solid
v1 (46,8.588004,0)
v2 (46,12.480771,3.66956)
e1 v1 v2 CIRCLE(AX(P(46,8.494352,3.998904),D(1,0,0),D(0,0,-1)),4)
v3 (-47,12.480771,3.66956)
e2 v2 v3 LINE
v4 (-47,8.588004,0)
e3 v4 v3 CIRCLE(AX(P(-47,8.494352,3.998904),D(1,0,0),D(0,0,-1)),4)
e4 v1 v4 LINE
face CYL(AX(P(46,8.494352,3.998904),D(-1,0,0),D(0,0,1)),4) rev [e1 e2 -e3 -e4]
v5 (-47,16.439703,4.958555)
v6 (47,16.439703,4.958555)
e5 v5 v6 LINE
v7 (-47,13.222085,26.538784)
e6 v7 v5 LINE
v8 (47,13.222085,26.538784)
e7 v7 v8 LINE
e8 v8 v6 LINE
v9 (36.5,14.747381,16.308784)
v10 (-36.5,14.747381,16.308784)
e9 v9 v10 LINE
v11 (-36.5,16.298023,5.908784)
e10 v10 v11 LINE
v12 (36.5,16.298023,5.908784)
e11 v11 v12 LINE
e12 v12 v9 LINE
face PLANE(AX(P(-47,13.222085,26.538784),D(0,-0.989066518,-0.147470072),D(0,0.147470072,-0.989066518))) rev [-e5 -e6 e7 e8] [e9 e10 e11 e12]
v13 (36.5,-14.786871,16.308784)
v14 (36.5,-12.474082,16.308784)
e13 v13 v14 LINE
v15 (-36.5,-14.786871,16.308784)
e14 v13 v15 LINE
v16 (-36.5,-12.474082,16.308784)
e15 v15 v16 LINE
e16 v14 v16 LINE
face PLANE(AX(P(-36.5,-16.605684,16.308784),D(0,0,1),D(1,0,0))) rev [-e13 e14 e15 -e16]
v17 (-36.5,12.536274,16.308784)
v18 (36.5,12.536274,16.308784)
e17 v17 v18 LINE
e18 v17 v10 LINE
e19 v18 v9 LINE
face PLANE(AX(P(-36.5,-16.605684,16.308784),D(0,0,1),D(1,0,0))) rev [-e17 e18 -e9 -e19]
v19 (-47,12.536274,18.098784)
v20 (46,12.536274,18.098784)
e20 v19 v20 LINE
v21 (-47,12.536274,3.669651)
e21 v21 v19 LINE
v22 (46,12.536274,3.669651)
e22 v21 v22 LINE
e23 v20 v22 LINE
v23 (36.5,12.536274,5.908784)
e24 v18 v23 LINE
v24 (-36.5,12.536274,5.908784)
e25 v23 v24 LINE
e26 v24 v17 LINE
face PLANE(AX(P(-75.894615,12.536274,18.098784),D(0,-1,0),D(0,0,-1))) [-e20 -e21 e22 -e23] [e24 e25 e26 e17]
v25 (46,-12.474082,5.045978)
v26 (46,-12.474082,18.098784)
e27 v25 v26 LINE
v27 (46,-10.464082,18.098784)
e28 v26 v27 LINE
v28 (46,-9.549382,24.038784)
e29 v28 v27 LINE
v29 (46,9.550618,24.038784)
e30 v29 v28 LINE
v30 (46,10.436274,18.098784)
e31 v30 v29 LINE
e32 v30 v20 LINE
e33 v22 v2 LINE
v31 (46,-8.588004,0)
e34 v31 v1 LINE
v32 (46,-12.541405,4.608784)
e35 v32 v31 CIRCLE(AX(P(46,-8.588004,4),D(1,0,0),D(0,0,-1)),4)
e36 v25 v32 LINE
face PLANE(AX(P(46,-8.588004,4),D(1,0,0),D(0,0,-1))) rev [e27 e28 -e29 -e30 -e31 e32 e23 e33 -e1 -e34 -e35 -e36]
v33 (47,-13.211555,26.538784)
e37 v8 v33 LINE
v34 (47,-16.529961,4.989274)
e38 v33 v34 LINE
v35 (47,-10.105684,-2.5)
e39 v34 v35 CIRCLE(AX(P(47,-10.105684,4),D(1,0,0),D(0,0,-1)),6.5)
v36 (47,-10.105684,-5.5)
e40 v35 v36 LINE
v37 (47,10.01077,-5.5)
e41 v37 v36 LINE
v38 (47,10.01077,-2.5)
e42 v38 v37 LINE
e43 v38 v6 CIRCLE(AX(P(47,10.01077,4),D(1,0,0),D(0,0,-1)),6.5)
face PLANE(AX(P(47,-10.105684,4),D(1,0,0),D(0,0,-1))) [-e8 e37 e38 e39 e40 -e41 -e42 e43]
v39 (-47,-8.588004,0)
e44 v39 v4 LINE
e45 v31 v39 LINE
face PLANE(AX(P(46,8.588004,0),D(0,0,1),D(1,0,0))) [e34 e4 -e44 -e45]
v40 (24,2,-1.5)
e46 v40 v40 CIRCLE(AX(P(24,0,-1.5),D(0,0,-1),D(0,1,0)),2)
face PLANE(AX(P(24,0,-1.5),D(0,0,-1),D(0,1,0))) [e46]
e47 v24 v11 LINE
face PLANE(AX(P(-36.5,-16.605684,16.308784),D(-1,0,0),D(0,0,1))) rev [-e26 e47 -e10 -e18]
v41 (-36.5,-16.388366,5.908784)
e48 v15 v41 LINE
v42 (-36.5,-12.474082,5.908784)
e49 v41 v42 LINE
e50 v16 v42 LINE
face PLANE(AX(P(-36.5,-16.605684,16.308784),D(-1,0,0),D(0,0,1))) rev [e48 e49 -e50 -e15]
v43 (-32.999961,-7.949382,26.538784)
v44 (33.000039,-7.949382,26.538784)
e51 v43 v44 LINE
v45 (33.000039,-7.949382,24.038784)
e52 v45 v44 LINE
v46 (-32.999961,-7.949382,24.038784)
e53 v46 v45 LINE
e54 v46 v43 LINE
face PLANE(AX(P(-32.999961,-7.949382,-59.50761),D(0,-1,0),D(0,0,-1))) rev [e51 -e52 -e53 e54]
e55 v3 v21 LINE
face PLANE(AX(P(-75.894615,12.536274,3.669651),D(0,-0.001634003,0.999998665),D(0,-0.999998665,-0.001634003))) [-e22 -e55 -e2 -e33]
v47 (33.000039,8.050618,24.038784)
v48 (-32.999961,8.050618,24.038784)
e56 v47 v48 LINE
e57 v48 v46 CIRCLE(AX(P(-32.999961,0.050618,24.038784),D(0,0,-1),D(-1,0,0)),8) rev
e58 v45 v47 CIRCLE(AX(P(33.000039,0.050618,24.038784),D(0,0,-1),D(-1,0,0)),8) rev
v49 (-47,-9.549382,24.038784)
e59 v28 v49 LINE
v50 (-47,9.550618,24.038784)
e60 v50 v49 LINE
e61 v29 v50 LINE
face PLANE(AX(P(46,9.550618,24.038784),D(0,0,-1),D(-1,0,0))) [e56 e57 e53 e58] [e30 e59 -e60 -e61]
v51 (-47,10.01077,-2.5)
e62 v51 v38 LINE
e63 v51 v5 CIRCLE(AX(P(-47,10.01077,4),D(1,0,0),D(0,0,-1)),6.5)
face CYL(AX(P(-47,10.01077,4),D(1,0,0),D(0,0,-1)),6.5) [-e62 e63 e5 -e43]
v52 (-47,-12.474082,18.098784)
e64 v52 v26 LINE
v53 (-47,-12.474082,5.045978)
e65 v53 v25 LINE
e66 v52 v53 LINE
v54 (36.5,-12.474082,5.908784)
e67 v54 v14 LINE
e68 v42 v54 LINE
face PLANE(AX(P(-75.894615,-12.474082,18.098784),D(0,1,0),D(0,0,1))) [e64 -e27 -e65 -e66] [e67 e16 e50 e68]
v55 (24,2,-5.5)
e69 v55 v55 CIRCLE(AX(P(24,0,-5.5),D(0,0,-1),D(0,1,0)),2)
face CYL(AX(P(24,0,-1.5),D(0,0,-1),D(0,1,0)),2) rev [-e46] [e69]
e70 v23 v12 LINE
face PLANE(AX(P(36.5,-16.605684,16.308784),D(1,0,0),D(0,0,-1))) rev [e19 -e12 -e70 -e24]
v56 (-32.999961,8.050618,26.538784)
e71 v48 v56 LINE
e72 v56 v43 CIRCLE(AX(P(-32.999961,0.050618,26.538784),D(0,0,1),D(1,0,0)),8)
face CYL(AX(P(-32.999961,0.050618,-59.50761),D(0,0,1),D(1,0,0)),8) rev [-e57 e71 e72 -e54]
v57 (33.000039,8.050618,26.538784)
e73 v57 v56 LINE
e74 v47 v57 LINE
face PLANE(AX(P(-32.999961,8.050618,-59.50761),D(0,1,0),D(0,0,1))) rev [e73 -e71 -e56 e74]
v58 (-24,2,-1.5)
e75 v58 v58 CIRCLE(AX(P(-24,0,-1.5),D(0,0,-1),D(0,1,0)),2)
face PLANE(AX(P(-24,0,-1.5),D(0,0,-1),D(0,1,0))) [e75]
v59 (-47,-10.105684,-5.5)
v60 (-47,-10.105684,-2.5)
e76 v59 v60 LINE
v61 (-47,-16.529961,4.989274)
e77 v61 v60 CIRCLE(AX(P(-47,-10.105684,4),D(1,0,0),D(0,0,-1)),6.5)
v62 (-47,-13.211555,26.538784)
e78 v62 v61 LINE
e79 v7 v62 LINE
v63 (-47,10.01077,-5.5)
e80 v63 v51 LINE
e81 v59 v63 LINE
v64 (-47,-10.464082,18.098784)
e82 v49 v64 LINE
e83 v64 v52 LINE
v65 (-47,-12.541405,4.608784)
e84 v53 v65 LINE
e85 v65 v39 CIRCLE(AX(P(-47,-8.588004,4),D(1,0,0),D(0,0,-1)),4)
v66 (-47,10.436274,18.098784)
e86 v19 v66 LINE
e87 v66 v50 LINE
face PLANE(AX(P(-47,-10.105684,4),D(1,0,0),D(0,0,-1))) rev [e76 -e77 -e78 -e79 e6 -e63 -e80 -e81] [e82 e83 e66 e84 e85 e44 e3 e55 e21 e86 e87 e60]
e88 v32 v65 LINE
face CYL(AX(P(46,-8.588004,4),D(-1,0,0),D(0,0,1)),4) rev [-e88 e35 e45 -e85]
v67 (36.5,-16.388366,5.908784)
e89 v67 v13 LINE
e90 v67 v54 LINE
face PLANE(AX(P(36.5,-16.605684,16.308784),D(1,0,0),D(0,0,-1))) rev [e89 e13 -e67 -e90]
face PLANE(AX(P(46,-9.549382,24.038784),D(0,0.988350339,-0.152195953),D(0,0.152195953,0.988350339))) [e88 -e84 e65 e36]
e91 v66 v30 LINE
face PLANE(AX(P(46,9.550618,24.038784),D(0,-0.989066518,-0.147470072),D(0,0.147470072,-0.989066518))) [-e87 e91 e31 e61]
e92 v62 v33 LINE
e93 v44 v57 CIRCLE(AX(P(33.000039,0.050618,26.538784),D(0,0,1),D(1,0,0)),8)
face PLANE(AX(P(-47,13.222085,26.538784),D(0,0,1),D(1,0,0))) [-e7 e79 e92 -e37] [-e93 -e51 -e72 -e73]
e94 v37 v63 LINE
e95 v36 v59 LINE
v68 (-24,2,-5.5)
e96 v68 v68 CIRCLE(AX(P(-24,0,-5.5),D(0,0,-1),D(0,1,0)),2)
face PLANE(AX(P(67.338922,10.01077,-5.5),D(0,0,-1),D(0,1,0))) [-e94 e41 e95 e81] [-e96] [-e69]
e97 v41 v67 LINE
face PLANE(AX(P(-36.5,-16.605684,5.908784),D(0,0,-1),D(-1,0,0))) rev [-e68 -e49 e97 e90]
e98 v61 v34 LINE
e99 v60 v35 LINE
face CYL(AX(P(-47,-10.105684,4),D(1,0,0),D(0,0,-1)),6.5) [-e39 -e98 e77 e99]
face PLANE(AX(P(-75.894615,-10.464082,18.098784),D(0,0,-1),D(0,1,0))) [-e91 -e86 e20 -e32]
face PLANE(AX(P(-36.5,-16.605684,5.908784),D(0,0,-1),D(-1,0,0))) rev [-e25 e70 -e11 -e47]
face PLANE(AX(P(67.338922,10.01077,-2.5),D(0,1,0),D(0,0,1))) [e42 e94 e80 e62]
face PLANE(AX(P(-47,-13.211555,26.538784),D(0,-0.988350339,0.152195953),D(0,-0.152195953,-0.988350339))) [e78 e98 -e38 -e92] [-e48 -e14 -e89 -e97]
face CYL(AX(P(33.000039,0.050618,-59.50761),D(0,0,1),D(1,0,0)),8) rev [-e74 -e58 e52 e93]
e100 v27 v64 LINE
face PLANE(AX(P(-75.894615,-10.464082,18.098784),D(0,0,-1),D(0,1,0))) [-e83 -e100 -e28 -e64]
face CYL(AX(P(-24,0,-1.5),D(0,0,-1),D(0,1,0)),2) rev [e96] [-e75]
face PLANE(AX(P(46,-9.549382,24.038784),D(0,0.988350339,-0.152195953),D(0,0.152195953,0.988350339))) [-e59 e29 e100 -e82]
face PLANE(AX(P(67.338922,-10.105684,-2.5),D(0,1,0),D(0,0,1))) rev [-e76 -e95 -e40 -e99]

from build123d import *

# Parameters (mm, degrees)
BOSS_EXTRUDE4_DEPTH      = 47
BOSS_EXTRUDE4_DEPTH_BACK = 47
CUT_EXTRUDE1_DEPTH       = 46
CUT_EXTRUDE1_DEPTH_BACK  = 57.471725617
CUT_EXTRUDE2_DEPTH       = 58.688817922
CUT_EXTRUDE2_DEPTH_BACK  = 2.5
CUT_EXTRUDE3_DEPTH       = 57.471725617
CUT_EXTRUDE3_DEPTH_BACK  = 57.471725617
SKETCH22_W               = 73
SKETCH22_H               = 10.4
CUT_EXTRUDE6_DEPTH       = 93
BOSS_EXTRUDE5_START      = -47
SKETCH27_W               = 3
SKETCH27_H               = 20.116454501
BOSS_EXTRUDE5_DEPTH      = 94
SKETCH28_R               = 2
CUT_EXTRUDE7_DEPTH       = 4


with BuildPart() as part:
    # Sketch20 → Boss-Extrude4 (new, two sides: drawn at the far end of the back side and taken through both)
    with BuildSketch(Plane(origin=(0, 0, 0), x_dir=(0, 0, -1), z_dir=(1, 0, 0)).offset(-BOSS_EXTRUDE4_DEPTH_BACK)):
        with BuildLine():
            Line((-26.538783814, 13.222085074), (-26.538783814, -13.211554854))
            Line((-26.538783814, -13.211554854), (-4.989273697, -16.529961404))
            ThreePointArc((-4.989273697, -16.529961404), (0.232004311, -15.039256896), (2.5, -10.105684203))
            Line((2.5, -10.105684203), (2.5, 10.010770298))
            ThreePointArc((2.5, 10.010770298), (0.243783068, 14.93421475), (-4.958555469, 16.439702667))
            Line((-4.958555469, 16.439702667), (-26.538783814, 13.222085074))
        make_face()
    extrude(amount=BOSS_EXTRUDE4_DEPTH + BOSS_EXTRUDE4_DEPTH_BACK)

    # Sketch19 → Cut-Extrude1 (cut, two sides: drawn at the far end of the back side and taken through both)
    with BuildSketch(Plane(origin=(0, 0, 0), x_dir=(0, 0, -1), z_dir=(1, 0, 0)).offset(-CUT_EXTRUDE1_DEPTH_BACK)):
        with BuildLine():
            Line((-24.038783814, 9.55061834), (-4.588783814, 12.45061834))
            ThreePointArc((-4.588783814, 12.45061834), (-1.422994415, 11.554530734), (0, 8.58800374))
            Line((0, 8.58800374), (0, -8.58800374))
            ThreePointArc((0, -8.58800374), (-1.395689655, -11.624048474), (-4.608783814, -12.541405094))
            Line((-4.608783814, -12.541405094), (-24.038783814, -9.54938166))
            Line((-24.038783814, -9.54938166), (-24.038783814, 9.55061834))
        make_face()
    extrude(amount=CUT_EXTRUDE1_DEPTH + CUT_EXTRUDE1_DEPTH_BACK, mode=Mode.SUBTRACT)

    # Sketch21 → Cut-Extrude2 (cut, two sides: drawn at the far end of the back side and taken through both)
    with BuildSketch(Plane.XY.offset(26.538783814).offset(-CUT_EXTRUDE2_DEPTH_BACK)):
        with BuildLine():
            Line((-32.999961179, 8.05061834), (33.000038821, 8.05061834))
            ThreePointArc((33.000038821, 8.05061834), (41.000038821, 0.05061834), (33.000038821, -7.94938166))
            Line((33.000038821, -7.94938166), (-32.999961179, -7.94938166))
            ThreePointArc((-32.999961179, -7.94938166), (-40.999961179, 0.05061834), (-32.999961179, 8.05061834))
        make_face()
    extrude(amount=CUT_EXTRUDE2_DEPTH + CUT_EXTRUDE2_DEPTH_BACK, mode=Mode.SUBTRACT)

    # Sketch22 → Cut-Extrude3 (cut, two sides: drawn at the far end of the back side and taken through both)
    with BuildSketch(Plane(origin=(0, 0, 0), x_dir=(1, 0, 0), z_dir=(0, 1, 0)).offset(-CUT_EXTRUDE3_DEPTH_BACK)):
        with Locations((0, -11.108783814)):
            Rectangle(SKETCH22_W, SKETCH22_H)
    extrude(amount=CUT_EXTRUDE3_DEPTH + CUT_EXTRUDE3_DEPTH_BACK, mode=Mode.SUBTRACT)

    # Sketch26 → Cut-Extrude6 (cut)
    with BuildSketch(Plane.ZY.offset(-46)):
        Polygon((18.098783814, -10.464081567), (18.098783814, -12.474081567), (3.628783814, -12.474081567), (3.66965086, 12.536273867), (18.098783814, 12.536273867), (18.098783814, 10.436273867), align=None)
    extrude(amount=CUT_EXTRUDE6_DEPTH, mode=Mode.SUBTRACT)

    # Sketch27 → Boss-Extrude5 (add)
    with BuildSketch(Plane(origin=(0, 0, 0), x_dir=(0, 0, -1), z_dir=(1, 0, 0)).offset(BOSS_EXTRUDE5_START)):
        with Locations((4, -0.047456953)):
            Rectangle(SKETCH27_W, SKETCH27_H)
    extrude(amount=BOSS_EXTRUDE5_DEPTH)

    # Sketch28 → Cut-Extrude7 (cut)
    with BuildSketch(Plane(origin=(0, 0, -5.5), x_dir=(-1, 0, 0), z_dir=(0, 0, -1))):
        with Locations(Location((-24, 0, 0), (0, 0, 90))):
            Circle(SKETCH28_R)
        with Locations(Location((24, 0, 0), (0, 0, 90))):
            Circle(SKETCH28_R)
    extrude(amount=-CUT_EXTRUDE7_DEPTH, mode=Mode.SUBTRACT)


solid = part.part
